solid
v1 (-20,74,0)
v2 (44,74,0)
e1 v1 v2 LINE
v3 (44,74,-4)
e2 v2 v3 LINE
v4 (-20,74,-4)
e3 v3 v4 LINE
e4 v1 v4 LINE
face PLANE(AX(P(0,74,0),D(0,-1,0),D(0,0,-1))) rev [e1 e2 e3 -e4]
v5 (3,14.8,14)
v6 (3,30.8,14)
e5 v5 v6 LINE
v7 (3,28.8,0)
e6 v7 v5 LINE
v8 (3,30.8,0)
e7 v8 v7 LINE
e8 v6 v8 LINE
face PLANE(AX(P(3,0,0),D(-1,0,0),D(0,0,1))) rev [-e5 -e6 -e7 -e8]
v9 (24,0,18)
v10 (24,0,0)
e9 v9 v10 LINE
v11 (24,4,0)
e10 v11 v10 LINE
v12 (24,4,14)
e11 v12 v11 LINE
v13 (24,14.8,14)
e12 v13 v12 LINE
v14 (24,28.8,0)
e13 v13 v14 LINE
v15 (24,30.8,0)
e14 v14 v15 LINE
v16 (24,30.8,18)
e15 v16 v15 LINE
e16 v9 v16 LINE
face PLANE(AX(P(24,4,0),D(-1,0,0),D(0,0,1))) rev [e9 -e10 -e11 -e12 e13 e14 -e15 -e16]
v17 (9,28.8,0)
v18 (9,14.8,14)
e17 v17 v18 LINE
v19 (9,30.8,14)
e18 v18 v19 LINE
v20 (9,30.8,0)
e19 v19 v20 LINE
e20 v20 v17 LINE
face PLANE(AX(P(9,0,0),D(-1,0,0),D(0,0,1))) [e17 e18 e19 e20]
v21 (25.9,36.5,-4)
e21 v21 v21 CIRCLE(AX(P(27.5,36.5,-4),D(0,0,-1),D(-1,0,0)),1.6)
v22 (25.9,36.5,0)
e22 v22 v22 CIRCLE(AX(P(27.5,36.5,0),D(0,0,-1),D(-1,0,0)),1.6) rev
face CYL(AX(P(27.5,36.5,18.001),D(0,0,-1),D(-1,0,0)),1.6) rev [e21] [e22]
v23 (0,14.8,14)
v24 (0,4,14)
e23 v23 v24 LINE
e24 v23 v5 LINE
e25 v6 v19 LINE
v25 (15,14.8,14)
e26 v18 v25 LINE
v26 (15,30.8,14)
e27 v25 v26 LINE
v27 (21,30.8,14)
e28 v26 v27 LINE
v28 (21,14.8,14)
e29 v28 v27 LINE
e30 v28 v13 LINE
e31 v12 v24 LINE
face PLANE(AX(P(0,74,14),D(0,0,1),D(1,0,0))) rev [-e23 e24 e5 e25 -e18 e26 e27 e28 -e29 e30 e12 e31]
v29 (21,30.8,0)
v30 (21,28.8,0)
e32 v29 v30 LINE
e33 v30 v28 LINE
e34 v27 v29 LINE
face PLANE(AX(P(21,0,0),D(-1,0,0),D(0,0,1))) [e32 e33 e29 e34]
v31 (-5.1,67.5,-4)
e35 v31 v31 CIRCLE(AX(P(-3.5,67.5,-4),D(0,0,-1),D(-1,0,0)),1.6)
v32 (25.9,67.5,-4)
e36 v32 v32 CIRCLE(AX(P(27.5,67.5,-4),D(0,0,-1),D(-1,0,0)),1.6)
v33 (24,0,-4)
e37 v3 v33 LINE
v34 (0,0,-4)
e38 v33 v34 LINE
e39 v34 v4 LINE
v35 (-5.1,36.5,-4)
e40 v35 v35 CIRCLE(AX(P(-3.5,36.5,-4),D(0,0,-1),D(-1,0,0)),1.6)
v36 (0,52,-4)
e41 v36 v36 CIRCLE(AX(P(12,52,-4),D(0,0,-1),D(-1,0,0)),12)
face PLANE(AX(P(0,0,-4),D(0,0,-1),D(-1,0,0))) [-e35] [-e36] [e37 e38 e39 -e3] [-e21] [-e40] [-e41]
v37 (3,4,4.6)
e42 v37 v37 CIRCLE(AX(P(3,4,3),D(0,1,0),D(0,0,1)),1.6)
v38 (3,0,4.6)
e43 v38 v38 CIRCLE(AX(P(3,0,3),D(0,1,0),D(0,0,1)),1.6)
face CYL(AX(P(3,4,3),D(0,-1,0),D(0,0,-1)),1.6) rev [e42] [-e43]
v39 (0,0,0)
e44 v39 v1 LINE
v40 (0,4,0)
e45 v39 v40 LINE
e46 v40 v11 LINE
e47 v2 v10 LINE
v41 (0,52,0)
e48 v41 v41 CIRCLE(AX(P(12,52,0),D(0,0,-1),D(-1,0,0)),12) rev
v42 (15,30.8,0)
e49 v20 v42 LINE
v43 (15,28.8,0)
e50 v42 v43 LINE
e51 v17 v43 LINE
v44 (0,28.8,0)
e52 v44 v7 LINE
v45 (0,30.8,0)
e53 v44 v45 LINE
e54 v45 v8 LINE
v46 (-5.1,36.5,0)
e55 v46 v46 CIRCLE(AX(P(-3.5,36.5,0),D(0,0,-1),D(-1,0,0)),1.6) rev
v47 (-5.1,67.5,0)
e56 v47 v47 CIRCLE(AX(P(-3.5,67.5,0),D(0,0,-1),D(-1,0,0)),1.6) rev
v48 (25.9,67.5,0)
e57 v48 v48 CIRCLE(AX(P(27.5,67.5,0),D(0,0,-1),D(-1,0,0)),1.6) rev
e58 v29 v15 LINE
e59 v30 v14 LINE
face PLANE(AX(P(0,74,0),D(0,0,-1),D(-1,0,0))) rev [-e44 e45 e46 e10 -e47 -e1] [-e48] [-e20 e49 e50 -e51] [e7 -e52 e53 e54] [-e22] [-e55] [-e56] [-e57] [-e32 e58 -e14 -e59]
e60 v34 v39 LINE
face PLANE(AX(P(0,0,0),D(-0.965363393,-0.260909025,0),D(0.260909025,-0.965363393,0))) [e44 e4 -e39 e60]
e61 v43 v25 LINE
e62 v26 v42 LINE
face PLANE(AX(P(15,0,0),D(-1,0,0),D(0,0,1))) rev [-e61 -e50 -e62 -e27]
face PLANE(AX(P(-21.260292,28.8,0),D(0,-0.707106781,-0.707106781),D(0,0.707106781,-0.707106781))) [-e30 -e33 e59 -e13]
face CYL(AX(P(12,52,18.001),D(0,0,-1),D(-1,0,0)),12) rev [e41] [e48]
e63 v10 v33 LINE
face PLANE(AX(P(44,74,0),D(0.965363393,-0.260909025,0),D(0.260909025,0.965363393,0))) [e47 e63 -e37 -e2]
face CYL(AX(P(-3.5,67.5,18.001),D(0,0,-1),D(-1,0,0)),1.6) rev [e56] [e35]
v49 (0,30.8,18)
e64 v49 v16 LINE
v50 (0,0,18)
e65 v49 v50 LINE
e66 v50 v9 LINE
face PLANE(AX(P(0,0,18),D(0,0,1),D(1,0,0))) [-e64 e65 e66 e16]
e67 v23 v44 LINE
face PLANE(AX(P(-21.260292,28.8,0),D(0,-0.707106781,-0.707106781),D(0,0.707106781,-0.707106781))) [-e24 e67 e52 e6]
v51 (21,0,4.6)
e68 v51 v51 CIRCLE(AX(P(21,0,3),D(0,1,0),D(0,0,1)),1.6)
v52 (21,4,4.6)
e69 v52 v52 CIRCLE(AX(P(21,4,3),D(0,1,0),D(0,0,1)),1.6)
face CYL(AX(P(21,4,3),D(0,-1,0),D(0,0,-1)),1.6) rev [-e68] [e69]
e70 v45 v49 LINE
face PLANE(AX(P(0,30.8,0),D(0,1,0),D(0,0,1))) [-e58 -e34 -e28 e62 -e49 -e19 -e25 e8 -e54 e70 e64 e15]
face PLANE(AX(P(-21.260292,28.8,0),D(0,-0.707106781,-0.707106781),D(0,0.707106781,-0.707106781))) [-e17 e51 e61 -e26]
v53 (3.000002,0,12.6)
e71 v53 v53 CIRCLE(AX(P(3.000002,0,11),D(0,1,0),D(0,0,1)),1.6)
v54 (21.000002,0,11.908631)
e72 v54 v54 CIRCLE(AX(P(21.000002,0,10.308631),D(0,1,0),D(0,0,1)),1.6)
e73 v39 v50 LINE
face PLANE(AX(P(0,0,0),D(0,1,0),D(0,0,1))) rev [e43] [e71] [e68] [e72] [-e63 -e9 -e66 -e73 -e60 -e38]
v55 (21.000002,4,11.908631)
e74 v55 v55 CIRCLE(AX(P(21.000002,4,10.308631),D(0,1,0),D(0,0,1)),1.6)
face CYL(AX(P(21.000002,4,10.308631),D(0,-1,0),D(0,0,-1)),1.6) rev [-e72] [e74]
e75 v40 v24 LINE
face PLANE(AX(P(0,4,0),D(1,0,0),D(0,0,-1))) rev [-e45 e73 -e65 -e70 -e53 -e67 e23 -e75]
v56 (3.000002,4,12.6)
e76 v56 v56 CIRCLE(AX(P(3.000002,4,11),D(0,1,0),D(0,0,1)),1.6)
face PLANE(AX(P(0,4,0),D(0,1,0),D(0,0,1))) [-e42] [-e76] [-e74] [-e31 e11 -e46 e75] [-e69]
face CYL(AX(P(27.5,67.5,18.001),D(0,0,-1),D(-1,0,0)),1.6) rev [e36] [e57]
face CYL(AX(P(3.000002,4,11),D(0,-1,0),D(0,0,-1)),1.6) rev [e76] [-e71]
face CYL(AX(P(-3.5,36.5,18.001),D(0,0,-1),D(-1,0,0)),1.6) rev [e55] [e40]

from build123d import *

# Parameters (mm, degrees)
SKETCH_1_W               = 24
SKETCH_1_H               = 14
SKETCH_1_R               = 1.6
EXTRUDE_1_DEPTH          = 4
SKETCH_3_W               = 24
SKETCH_3_H               = 4
EXTRUDE_2_DEPTH          = 4
SKETCH_5_W               = 24
SKETCH_5_H               = 4
EXTRUDE_3_DEPTH          = 70
SKETCH_8_W               = 24
SKETCH_8_H               = 4
EXTRUDE_4_DEPTH          = 4
SKETCH_9_W               = 24
SKETCH_9_H               = 4
EXTRUDE_5_DEPTH          = 70
EXTRUDE_7_DEPTH          = 4
SKETCH_14_W              = 24
SKETCH_14_H              = 4
CUT_EXTRUDE_2_DEPTH      = 43.2
EXTRUDE_8_DEPTH          = 24
CUT_EXTRUDE_3_DEPTH      = 3
CUT_EXTRUDE_3_DEPTH_BACK = 3
CUT_EXTRUDE_4_DEPTH      = 3
CUT_EXTRUDE_4_DEPTH_BACK = 3
CUT_EXTRUDE_6_REACH      = 90.859
SKETCH_11_R              = 12
SKETCH_11_R_2            = 1.6


with BuildPart() as part:
    # 草图1 → 凸台-拉伸1 (new body)
    with BuildSketch(Plane(origin=(0, 0, 0), x_dir=(1, 0, 0), z_dir=(0, 1, 0))):
        with Locations((12, -7)):
            Rectangle(SKETCH_1_W, SKETCH_1_H)
        with Locations(Location((3, -3, 0), (0, 0, 270))):
            Circle(SKETCH_1_R, mode=Mode.SUBTRACT)
        with Locations(Location((3.000002263, -11, 0), (0, 0, 270))):
            Circle(SKETCH_1_R, mode=Mode.SUBTRACT)
        with Locations(Location((21, -3, 0), (0, 0, 270))):
            Circle(SKETCH_1_R, mode=Mode.SUBTRACT)
        with Locations(Location((21.000002263, -10.308630824, 0), (0, 0, 270))):
            Circle(SKETCH_1_R, mode=Mode.SUBTRACT)
    extrude(amount=EXTRUDE_1_DEPTH)

    # 草图3 → 凸台-拉伸2 (add)
    with BuildSketch(Plane(origin=(0, 0, 0), x_dir=(-1, 0, 0), z_dir=(0, 0, -1))):
        with Locations((-12, 2)):
            Rectangle(SKETCH_3_W, SKETCH_3_H)
    extrude(amount=EXTRUDE_2_DEPTH)

    # 草图5 → 凸台-拉伸3 (add)
    with BuildSketch(Plane(origin=(0, 4, 0), x_dir=(1, 0, 0), z_dir=(0, 1, 0))):
        with Locations((12, 2)):
            Rectangle(SKETCH_5_W, SKETCH_5_H)
    extrude(amount=EXTRUDE_3_DEPTH)

    # 草图8 → 凸台-拉伸4 (add)
    with BuildSketch(Plane.XY.offset(14)):
        with Locations((12, 2)):
            Rectangle(SKETCH_8_W, SKETCH_8_H)
    extrude(amount=EXTRUDE_4_DEPTH)

    # 草图9 → 凸台-拉伸5 (add)
    with BuildSketch(Plane(origin=(0, 4, 0), x_dir=(1, 0, 0), z_dir=(0, 1, 0))):
        with Locations((12, -16)):
            Rectangle(SKETCH_9_W, SKETCH_9_H)
    extrude(amount=EXTRUDE_5_DEPTH)

    # 草图10 → 凸台-拉伸7 (add)
    with BuildSketch(Plane(origin=(0, 0, -4), x_dir=(-1, 0, 0), z_dir=(0, 0, -1))):
        Polygon((-24, 74), (0, 74), (20, 74), (0, 0), (-24, 0), (-44, 74), align=None)
    extrude(amount=-EXTRUDE_7_DEPTH)

    # 草图14 → 切除-拉伸2 (cut)
    with BuildSketch(Plane(origin=(0, 74, 0), x_dir=(1, 0, 0), z_dir=(0, 1, 0))):
        with Locations((12, -16)):
            Rectangle(SKETCH_14_W, SKETCH_14_H)
    extrude(amount=-CUT_EXTRUDE_2_DEPTH, mode=Mode.SUBTRACT)

    # 草图17 → 凸台-拉伸8 (add)
    with BuildSketch(Plane(origin=(24, 0, 0), x_dir=(0, 0, -1), z_dir=(1, 0, 0))):
        Polygon((-14, 30.8), (-14, 14.8), (0, 28.8), (0, 30.8), align=None)
    extrude(amount=-EXTRUDE_8_DEPTH)

    # 草图20 → 切除-拉伸3 (cut, two sides: drawn at the far end of the back side and taken through both)
    with BuildSketch(Plane.ZY.offset(-6).offset(-CUT_EXTRUDE_3_DEPTH_BACK)):
        Polygon((14, 30.8), (14, 14.8), (0, 28.8), (0, 30.8), align=None)
    extrude(amount=CUT_EXTRUDE_3_DEPTH + CUT_EXTRUDE_3_DEPTH_BACK, mode=Mode.SUBTRACT)

    # 草图21 → 切除-拉伸4 (cut, two sides: drawn at the far end of the back side and taken through both)
    with BuildSketch(Plane.ZY.offset(-18).offset(-CUT_EXTRUDE_4_DEPTH_BACK)):
        Polygon((14, 30.8), (14, 14.8), (0, 28.8), (0, 30.8), align=None)
    extrude(amount=CUT_EXTRUDE_4_DEPTH + CUT_EXTRUDE_4_DEPTH_BACK, mode=Mode.SUBTRACT)

    # 草图11 → 切除-拉伸6 (cut, up to next)
    with BuildSketch(Plane(origin=(0, 0, -4), x_dir=(-1, 0, 0), z_dir=(0, 0, -1)), mode=Mode.PRIVATE) as cut_extrude_6_sk1:
        with Locations((-12, 52)):
            Circle(SKETCH_11_R)
    cut_extrude_6_tool1 = extrude(cut_extrude_6_sk1.sketch, amount=-CUT_EXTRUDE_6_REACH, mode=Mode.PRIVATE) & part.part
    # 草图11 → 切除-拉伸6 (cut, up to next)
    with BuildSketch(Plane(origin=(0, 0, -4), x_dir=(-1, 0, 0), z_dir=(0, 0, -1)), mode=Mode.PRIVATE) as cut_extrude_6_sk2:
        with Locations((-27.5, 67.5)):
            Circle(SKETCH_11_R_2)
    cut_extrude_6_tool2 = extrude(cut_extrude_6_sk2.sketch, amount=-CUT_EXTRUDE_6_REACH, mode=Mode.PRIVATE) & part.part
    # 草图11 → 切除-拉伸6 (cut, up to next)
    with BuildSketch(Plane(origin=(0, 0, -4), x_dir=(-1, 0, 0), z_dir=(0, 0, -1)), mode=Mode.PRIVATE) as cut_extrude_6_sk3:
        with Locations((3.5, 67.5)):
            Circle(SKETCH_11_R_2)
    cut_extrude_6_tool3 = extrude(cut_extrude_6_sk3.sketch, amount=-CUT_EXTRUDE_6_REACH, mode=Mode.PRIVATE) & part.part
    # 草图11 → 切除-拉伸6 (cut, up to next)
    with BuildSketch(Plane(origin=(0, 0, -4), x_dir=(-1, 0, 0), z_dir=(0, 0, -1)), mode=Mode.PRIVATE) as cut_extrude_6_sk4:
        with Locations((3.5, 36.5)):
            Circle(SKETCH_11_R_2)
    cut_extrude_6_tool4 = extrude(cut_extrude_6_sk4.sketch, amount=-CUT_EXTRUDE_6_REACH, mode=Mode.PRIVATE) & part.part
    # 草图11 → 切除-拉伸6 (cut, up to next)
    with BuildSketch(Plane(origin=(0, 0, -4), x_dir=(-1, 0, 0), z_dir=(0, 0, -1)), mode=Mode.PRIVATE) as cut_extrude_6_sk5:
        with Locations((-27.5, 36.5)):
            Circle(SKETCH_11_R_2)
    cut_extrude_6_tool5 = extrude(cut_extrude_6_sk5.sketch, amount=-CUT_EXTRUDE_6_REACH, mode=Mode.PRIVATE) & part.part
    add(cut_extrude_6_tool1.solids().sort_by_distance((12, 52, -4))[0], mode=Mode.SUBTRACT)
    add(cut_extrude_6_tool2.solids().sort_by_distance((27.5, 67.5, -4))[0], mode=Mode.SUBTRACT)
    add(cut_extrude_6_tool3.solids().sort_by_distance((-3.5, 67.5, -4))[0], mode=Mode.SUBTRACT)
    add(cut_extrude_6_tool4.solids().sort_by_distance((-3.5, 36.5, -4))[0], mode=Mode.SUBTRACT)
    add(cut_extrude_6_tool5.solids().sort_by_distance((27.5, 36.5, -4))[0], mode=Mode.SUBTRACT)


solid = part.part
